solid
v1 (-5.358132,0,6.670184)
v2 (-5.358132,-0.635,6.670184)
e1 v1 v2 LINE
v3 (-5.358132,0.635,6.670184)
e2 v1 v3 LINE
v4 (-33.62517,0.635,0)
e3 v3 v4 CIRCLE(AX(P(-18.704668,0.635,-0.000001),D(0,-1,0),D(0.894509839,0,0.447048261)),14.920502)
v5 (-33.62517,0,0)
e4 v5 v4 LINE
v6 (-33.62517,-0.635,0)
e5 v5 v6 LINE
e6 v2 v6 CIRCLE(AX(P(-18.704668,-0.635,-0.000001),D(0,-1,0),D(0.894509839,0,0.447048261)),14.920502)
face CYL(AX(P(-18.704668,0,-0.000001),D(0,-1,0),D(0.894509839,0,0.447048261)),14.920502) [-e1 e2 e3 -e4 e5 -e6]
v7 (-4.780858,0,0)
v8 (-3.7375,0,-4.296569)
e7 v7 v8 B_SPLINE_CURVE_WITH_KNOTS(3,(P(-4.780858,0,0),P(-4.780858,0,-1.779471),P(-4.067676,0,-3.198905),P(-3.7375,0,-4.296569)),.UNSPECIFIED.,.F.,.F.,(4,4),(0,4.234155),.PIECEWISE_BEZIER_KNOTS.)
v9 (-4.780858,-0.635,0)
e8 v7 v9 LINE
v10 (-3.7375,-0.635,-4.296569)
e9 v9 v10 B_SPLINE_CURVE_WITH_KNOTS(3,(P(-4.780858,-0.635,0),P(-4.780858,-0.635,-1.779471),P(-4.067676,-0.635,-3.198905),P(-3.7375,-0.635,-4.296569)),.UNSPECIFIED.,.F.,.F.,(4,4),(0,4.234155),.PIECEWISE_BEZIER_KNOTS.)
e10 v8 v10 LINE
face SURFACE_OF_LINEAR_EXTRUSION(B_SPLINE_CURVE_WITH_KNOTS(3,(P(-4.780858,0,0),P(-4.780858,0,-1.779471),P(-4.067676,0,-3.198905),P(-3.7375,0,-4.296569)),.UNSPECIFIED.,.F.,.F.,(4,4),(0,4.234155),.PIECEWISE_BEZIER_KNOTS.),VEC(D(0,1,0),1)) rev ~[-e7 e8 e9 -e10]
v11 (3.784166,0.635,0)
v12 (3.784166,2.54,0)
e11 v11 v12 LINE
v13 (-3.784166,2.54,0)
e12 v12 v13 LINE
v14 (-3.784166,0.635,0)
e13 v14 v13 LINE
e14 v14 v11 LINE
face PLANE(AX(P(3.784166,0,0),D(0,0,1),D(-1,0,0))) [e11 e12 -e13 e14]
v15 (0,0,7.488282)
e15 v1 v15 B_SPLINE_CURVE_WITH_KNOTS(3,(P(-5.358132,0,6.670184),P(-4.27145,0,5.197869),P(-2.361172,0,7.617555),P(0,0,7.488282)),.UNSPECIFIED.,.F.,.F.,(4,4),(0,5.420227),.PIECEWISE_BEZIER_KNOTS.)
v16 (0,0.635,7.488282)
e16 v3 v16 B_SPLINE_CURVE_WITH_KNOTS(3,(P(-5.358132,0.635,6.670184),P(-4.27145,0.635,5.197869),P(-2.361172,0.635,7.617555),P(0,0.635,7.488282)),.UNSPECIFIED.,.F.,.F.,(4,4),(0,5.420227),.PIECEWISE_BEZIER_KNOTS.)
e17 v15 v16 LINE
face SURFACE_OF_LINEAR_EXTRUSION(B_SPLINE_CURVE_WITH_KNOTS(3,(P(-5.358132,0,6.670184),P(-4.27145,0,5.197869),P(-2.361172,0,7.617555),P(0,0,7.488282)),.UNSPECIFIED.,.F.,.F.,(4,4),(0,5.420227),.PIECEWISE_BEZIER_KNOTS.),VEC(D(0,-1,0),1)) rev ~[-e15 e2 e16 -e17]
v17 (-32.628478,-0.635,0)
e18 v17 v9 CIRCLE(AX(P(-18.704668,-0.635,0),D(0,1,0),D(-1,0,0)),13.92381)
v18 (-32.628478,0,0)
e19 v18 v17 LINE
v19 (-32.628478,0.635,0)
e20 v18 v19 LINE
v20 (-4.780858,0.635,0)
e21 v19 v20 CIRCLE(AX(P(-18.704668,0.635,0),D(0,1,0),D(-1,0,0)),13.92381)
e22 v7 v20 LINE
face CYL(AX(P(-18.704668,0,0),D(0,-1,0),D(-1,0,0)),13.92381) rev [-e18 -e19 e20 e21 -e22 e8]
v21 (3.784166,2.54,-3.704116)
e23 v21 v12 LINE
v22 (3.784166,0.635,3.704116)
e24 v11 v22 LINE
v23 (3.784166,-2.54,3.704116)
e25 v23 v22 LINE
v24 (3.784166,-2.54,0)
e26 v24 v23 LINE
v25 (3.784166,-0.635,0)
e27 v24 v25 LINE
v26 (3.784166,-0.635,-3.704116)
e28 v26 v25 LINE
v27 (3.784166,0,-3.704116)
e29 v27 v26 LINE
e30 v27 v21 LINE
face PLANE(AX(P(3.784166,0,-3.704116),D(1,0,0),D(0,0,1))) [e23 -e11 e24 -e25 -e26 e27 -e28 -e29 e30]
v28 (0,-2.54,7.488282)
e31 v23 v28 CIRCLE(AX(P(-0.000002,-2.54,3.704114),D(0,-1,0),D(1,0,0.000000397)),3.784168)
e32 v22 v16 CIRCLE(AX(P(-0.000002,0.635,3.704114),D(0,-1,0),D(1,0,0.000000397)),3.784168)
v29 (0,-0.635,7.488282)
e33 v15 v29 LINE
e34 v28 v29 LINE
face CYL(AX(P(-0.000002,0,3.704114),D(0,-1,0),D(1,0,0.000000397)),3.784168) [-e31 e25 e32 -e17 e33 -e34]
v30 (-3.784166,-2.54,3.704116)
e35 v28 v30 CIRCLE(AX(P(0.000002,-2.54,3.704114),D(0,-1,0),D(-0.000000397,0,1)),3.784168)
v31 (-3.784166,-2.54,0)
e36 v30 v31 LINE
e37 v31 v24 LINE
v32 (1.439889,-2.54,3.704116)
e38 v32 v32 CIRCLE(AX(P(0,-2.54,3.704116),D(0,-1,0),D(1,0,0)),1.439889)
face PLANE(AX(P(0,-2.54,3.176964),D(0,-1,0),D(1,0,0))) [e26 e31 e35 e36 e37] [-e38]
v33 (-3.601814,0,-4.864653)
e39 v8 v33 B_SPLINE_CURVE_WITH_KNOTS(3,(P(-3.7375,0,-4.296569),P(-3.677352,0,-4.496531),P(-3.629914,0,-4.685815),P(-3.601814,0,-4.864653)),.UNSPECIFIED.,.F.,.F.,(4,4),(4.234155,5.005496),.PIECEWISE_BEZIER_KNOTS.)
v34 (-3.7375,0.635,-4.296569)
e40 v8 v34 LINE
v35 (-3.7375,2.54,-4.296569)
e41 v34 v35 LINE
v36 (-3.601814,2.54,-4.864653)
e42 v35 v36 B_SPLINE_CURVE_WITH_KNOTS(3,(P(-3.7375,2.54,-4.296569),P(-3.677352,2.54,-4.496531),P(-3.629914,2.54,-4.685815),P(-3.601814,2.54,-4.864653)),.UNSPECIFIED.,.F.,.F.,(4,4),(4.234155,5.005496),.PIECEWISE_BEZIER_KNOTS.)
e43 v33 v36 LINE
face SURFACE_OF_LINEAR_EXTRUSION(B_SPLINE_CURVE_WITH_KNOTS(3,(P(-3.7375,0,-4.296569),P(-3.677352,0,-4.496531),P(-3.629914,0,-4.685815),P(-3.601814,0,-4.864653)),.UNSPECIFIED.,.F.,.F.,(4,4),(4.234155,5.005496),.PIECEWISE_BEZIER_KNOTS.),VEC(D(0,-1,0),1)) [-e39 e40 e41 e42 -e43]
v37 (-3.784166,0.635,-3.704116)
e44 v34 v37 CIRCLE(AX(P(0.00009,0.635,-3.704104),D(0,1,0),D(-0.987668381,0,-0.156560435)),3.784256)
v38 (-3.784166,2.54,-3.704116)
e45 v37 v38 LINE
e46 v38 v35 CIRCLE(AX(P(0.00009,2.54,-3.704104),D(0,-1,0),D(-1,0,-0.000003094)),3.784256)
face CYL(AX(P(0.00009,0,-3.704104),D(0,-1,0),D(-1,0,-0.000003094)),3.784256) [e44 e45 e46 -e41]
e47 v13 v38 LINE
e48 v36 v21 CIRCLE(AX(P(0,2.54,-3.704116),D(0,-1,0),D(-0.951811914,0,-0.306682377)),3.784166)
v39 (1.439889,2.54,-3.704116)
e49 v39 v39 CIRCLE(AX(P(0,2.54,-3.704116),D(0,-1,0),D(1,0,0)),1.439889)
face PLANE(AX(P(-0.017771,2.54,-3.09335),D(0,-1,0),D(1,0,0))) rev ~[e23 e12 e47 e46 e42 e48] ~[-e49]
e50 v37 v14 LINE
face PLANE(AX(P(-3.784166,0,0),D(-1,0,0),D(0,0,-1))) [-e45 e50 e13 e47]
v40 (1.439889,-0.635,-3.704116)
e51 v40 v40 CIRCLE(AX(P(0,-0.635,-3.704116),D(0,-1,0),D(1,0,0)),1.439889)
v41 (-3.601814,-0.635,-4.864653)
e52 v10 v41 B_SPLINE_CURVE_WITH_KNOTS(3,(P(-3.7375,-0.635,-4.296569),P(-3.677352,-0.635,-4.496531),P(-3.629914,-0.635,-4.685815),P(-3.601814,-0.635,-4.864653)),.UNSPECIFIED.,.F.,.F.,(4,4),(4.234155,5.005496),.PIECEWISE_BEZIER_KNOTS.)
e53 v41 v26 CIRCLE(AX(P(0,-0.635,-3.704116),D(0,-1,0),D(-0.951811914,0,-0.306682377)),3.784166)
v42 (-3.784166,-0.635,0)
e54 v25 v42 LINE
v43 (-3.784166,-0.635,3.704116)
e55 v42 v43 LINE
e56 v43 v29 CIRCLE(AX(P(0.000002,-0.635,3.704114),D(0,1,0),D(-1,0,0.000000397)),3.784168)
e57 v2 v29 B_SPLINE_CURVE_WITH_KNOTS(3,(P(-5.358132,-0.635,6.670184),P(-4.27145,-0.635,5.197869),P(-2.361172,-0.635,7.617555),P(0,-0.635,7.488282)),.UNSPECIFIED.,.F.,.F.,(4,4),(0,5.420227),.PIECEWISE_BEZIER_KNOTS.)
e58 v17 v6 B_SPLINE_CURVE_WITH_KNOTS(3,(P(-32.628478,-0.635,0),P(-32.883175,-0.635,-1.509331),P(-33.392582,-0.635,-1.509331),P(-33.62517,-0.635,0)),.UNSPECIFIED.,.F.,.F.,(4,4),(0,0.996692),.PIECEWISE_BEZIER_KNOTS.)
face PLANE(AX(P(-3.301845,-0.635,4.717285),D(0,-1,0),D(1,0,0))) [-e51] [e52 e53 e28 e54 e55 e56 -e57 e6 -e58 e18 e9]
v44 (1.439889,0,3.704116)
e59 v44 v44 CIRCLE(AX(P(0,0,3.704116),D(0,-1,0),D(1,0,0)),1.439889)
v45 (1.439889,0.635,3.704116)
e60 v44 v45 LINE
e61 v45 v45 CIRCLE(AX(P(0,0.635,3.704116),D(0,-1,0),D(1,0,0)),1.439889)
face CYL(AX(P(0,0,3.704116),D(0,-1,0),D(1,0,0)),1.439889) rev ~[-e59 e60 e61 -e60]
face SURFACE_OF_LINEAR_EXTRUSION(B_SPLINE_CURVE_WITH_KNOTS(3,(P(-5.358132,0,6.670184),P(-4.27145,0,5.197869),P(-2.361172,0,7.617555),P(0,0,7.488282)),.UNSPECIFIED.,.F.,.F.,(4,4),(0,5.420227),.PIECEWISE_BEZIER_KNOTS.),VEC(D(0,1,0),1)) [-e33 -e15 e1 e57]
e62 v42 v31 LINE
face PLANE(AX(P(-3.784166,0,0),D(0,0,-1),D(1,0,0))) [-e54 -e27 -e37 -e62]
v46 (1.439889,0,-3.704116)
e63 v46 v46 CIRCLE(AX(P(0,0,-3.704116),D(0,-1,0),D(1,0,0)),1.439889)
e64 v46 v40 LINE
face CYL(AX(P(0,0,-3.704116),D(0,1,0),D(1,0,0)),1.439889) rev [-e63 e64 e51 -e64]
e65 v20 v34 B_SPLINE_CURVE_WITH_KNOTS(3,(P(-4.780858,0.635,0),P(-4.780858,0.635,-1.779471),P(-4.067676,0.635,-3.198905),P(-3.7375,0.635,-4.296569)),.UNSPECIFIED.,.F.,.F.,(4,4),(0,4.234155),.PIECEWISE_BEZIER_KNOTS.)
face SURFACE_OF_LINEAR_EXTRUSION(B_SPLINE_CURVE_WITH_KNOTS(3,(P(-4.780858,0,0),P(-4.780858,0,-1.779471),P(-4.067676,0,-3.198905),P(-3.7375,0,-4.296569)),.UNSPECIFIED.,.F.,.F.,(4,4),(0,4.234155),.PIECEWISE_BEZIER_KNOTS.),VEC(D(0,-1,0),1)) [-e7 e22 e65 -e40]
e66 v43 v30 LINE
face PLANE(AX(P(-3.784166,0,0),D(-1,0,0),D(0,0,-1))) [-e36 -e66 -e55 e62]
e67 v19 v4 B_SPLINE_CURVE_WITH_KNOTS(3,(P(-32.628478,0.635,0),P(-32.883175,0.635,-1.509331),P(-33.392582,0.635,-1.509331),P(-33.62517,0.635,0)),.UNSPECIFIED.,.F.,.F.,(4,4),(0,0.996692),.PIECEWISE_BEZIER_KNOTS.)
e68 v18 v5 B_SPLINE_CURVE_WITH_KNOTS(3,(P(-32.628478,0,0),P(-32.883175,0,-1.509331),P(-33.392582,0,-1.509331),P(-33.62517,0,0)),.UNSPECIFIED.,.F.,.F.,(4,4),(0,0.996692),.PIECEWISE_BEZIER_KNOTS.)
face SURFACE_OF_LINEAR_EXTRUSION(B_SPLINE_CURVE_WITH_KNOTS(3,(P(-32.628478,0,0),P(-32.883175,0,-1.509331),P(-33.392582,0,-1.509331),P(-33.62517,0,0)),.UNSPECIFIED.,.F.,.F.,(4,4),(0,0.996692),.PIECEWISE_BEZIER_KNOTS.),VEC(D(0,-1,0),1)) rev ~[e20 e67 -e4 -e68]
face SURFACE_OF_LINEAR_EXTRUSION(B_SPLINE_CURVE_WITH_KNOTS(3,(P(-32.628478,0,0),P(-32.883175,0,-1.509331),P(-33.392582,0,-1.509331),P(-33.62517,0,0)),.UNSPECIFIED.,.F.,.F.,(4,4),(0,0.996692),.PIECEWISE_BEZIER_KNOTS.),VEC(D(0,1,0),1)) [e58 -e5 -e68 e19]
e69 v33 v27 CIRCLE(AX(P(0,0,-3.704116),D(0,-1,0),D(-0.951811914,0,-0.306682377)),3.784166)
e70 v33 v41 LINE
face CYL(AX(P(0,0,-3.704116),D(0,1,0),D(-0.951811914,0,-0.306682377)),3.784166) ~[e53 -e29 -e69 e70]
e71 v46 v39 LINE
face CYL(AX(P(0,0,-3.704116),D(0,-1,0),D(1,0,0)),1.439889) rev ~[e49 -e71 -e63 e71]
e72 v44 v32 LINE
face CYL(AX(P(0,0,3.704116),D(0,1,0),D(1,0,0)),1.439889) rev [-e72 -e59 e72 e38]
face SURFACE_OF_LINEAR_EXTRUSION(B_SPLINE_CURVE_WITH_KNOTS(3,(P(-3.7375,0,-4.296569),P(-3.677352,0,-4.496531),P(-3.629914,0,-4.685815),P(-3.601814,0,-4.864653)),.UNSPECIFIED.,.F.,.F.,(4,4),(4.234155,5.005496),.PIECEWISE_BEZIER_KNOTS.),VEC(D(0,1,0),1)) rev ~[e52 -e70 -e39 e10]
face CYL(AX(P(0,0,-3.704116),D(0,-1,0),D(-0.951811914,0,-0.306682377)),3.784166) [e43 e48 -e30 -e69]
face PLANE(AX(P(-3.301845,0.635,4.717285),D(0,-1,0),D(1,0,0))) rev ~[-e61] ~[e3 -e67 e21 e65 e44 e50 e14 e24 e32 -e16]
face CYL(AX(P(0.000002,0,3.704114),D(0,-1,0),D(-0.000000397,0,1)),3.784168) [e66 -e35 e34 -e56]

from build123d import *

# Parameters (mm, degrees)
F0_R          = 1.439889
F1_DEPTH      = 2.54
F1_DEPTH_BACK = 0.635
F2_DEPTH      = 0.635
F2_DEPTH_BACK = 2.54
F3_DEPTH      = 0.635
F3_DEPTH_BACK = 0.635


with BuildPart() as f1:
    # F0 (on Front) → F1 (new body, two sides)
    with BuildSketch(Plane.XZ) as f1_sk:
        with BuildLine():
            ThreePointArc((0, 7.488282), (-2.675809, 6.379925), (-3.784166, 3.704116))
            Line((-3.784166, 3.704116), (-3.784166, 0))
            Line((-3.784166, 0), (3.784166, 0))
            Line((3.784166, 0), (3.784166, 3.704116))
            ThreePointArc((3.784166, 3.704116), (2.675809, 6.379925), (0, 7.488282))
        make_face()
        with Locations((0, 3.704116)):
            Circle(F0_R, mode=Mode.SUBTRACT)
    extrude(amount=F1_DEPTH)
    extrude(f1_sk.sketch, amount=-F1_DEPTH_BACK)

    # F0 (on Front) → F2 (join, two sides)
    with BuildSketch(Plane.XZ) as f2_sk:
        with BuildLine():
            Line((3.784166, 0), (-3.784166, 0))
            Line((-3.784166, 0), (-3.784166, -3.704116))
            ThreePointArc((-3.784166, -3.704116), (-3.772481, -4.00126), (-3.7375, -4.296569))
            add(Edge.make_bspline(
                [(-3.7375, -4.296569), (-3.677352, -4.496531), (-3.629914, -4.685815), (-3.601814, -4.864653)],
                knots=[4.234155, 4.234155, 4.234155, 4.234155, 5.005496, 5.005496, 5.005496, 5.005496], degree=3))
            ThreePointArc((-3.601814, -4.864653), (0.587388, -7.442416), (3.784166, -3.704116))
            Line((3.784166, -3.704116), (3.784166, 0))
        make_face()
        with Locations((0, -3.704116)):
            Circle(F0_R, mode=Mode.SUBTRACT)
    extrude(amount=F2_DEPTH)
    extrude(f2_sk.sketch, amount=-F2_DEPTH_BACK)

    # F0 (on Front) → F3 (join, two sides)
    with BuildSketch(Plane.XZ) as f3_sk:
        with BuildLine():
            Line((-3.784166, 0), (-3.784166, 3.704116))
            ThreePointArc((-3.784166, 3.704116), (-2.675809, 6.379925), (0, 7.488282))
            add(Edge.make_bspline(
                [(-5.358132, 6.670184), (-4.27145, 5.197869), (-2.361172, 7.617555), (0, 7.488282)],
                knots=[0, 0, 0, 0, 5.420227, 5.420227, 5.420227, 5.420227], degree=3))
            ThreePointArc((-5.358132, 6.670184), (-4.182987, 3.426687), (-3.784166, 0))
        make_face()
        with BuildLine():
            Line((-3.784166, -3.704116), (-3.784166, 0))
            ThreePointArc((-3.784166, 0), (-4.182987, 3.426687), (-5.358132, 6.670184))
            ThreePointArc((-5.358132, 6.670184), (-22.131354, 14.52168), (-33.62517, 0))
            add(Edge.make_bspline(
                [(-32.628478, 0), (-32.883175, -1.509331), (-33.392582, -1.509331), (-33.62517, 0)],
                knots=[0, 0, 0, 0, 0.996692, 0.996692, 0.996692, 0.996692], degree=3))
            ThreePointArc((-32.628478, 0), (-18.704668, 13.92381), (-4.780858, 0))
            add(Edge.make_bspline(
                [(-4.780858, 0), (-4.780858, -1.779471), (-4.067676, -3.198905), (-3.7375, -4.296569)],
                knots=[0, 0, 0, 0, 4.234155, 4.234155, 4.234155, 4.234155], degree=3))
            ThreePointArc((-3.7375, -4.296569), (-3.772481, -4.00126), (-3.784166, -3.704116))
        make_face()
    extrude(amount=F3_DEPTH)
    extrude(f3_sk.sketch, amount=-F3_DEPTH_BACK)


solid = f1.part
